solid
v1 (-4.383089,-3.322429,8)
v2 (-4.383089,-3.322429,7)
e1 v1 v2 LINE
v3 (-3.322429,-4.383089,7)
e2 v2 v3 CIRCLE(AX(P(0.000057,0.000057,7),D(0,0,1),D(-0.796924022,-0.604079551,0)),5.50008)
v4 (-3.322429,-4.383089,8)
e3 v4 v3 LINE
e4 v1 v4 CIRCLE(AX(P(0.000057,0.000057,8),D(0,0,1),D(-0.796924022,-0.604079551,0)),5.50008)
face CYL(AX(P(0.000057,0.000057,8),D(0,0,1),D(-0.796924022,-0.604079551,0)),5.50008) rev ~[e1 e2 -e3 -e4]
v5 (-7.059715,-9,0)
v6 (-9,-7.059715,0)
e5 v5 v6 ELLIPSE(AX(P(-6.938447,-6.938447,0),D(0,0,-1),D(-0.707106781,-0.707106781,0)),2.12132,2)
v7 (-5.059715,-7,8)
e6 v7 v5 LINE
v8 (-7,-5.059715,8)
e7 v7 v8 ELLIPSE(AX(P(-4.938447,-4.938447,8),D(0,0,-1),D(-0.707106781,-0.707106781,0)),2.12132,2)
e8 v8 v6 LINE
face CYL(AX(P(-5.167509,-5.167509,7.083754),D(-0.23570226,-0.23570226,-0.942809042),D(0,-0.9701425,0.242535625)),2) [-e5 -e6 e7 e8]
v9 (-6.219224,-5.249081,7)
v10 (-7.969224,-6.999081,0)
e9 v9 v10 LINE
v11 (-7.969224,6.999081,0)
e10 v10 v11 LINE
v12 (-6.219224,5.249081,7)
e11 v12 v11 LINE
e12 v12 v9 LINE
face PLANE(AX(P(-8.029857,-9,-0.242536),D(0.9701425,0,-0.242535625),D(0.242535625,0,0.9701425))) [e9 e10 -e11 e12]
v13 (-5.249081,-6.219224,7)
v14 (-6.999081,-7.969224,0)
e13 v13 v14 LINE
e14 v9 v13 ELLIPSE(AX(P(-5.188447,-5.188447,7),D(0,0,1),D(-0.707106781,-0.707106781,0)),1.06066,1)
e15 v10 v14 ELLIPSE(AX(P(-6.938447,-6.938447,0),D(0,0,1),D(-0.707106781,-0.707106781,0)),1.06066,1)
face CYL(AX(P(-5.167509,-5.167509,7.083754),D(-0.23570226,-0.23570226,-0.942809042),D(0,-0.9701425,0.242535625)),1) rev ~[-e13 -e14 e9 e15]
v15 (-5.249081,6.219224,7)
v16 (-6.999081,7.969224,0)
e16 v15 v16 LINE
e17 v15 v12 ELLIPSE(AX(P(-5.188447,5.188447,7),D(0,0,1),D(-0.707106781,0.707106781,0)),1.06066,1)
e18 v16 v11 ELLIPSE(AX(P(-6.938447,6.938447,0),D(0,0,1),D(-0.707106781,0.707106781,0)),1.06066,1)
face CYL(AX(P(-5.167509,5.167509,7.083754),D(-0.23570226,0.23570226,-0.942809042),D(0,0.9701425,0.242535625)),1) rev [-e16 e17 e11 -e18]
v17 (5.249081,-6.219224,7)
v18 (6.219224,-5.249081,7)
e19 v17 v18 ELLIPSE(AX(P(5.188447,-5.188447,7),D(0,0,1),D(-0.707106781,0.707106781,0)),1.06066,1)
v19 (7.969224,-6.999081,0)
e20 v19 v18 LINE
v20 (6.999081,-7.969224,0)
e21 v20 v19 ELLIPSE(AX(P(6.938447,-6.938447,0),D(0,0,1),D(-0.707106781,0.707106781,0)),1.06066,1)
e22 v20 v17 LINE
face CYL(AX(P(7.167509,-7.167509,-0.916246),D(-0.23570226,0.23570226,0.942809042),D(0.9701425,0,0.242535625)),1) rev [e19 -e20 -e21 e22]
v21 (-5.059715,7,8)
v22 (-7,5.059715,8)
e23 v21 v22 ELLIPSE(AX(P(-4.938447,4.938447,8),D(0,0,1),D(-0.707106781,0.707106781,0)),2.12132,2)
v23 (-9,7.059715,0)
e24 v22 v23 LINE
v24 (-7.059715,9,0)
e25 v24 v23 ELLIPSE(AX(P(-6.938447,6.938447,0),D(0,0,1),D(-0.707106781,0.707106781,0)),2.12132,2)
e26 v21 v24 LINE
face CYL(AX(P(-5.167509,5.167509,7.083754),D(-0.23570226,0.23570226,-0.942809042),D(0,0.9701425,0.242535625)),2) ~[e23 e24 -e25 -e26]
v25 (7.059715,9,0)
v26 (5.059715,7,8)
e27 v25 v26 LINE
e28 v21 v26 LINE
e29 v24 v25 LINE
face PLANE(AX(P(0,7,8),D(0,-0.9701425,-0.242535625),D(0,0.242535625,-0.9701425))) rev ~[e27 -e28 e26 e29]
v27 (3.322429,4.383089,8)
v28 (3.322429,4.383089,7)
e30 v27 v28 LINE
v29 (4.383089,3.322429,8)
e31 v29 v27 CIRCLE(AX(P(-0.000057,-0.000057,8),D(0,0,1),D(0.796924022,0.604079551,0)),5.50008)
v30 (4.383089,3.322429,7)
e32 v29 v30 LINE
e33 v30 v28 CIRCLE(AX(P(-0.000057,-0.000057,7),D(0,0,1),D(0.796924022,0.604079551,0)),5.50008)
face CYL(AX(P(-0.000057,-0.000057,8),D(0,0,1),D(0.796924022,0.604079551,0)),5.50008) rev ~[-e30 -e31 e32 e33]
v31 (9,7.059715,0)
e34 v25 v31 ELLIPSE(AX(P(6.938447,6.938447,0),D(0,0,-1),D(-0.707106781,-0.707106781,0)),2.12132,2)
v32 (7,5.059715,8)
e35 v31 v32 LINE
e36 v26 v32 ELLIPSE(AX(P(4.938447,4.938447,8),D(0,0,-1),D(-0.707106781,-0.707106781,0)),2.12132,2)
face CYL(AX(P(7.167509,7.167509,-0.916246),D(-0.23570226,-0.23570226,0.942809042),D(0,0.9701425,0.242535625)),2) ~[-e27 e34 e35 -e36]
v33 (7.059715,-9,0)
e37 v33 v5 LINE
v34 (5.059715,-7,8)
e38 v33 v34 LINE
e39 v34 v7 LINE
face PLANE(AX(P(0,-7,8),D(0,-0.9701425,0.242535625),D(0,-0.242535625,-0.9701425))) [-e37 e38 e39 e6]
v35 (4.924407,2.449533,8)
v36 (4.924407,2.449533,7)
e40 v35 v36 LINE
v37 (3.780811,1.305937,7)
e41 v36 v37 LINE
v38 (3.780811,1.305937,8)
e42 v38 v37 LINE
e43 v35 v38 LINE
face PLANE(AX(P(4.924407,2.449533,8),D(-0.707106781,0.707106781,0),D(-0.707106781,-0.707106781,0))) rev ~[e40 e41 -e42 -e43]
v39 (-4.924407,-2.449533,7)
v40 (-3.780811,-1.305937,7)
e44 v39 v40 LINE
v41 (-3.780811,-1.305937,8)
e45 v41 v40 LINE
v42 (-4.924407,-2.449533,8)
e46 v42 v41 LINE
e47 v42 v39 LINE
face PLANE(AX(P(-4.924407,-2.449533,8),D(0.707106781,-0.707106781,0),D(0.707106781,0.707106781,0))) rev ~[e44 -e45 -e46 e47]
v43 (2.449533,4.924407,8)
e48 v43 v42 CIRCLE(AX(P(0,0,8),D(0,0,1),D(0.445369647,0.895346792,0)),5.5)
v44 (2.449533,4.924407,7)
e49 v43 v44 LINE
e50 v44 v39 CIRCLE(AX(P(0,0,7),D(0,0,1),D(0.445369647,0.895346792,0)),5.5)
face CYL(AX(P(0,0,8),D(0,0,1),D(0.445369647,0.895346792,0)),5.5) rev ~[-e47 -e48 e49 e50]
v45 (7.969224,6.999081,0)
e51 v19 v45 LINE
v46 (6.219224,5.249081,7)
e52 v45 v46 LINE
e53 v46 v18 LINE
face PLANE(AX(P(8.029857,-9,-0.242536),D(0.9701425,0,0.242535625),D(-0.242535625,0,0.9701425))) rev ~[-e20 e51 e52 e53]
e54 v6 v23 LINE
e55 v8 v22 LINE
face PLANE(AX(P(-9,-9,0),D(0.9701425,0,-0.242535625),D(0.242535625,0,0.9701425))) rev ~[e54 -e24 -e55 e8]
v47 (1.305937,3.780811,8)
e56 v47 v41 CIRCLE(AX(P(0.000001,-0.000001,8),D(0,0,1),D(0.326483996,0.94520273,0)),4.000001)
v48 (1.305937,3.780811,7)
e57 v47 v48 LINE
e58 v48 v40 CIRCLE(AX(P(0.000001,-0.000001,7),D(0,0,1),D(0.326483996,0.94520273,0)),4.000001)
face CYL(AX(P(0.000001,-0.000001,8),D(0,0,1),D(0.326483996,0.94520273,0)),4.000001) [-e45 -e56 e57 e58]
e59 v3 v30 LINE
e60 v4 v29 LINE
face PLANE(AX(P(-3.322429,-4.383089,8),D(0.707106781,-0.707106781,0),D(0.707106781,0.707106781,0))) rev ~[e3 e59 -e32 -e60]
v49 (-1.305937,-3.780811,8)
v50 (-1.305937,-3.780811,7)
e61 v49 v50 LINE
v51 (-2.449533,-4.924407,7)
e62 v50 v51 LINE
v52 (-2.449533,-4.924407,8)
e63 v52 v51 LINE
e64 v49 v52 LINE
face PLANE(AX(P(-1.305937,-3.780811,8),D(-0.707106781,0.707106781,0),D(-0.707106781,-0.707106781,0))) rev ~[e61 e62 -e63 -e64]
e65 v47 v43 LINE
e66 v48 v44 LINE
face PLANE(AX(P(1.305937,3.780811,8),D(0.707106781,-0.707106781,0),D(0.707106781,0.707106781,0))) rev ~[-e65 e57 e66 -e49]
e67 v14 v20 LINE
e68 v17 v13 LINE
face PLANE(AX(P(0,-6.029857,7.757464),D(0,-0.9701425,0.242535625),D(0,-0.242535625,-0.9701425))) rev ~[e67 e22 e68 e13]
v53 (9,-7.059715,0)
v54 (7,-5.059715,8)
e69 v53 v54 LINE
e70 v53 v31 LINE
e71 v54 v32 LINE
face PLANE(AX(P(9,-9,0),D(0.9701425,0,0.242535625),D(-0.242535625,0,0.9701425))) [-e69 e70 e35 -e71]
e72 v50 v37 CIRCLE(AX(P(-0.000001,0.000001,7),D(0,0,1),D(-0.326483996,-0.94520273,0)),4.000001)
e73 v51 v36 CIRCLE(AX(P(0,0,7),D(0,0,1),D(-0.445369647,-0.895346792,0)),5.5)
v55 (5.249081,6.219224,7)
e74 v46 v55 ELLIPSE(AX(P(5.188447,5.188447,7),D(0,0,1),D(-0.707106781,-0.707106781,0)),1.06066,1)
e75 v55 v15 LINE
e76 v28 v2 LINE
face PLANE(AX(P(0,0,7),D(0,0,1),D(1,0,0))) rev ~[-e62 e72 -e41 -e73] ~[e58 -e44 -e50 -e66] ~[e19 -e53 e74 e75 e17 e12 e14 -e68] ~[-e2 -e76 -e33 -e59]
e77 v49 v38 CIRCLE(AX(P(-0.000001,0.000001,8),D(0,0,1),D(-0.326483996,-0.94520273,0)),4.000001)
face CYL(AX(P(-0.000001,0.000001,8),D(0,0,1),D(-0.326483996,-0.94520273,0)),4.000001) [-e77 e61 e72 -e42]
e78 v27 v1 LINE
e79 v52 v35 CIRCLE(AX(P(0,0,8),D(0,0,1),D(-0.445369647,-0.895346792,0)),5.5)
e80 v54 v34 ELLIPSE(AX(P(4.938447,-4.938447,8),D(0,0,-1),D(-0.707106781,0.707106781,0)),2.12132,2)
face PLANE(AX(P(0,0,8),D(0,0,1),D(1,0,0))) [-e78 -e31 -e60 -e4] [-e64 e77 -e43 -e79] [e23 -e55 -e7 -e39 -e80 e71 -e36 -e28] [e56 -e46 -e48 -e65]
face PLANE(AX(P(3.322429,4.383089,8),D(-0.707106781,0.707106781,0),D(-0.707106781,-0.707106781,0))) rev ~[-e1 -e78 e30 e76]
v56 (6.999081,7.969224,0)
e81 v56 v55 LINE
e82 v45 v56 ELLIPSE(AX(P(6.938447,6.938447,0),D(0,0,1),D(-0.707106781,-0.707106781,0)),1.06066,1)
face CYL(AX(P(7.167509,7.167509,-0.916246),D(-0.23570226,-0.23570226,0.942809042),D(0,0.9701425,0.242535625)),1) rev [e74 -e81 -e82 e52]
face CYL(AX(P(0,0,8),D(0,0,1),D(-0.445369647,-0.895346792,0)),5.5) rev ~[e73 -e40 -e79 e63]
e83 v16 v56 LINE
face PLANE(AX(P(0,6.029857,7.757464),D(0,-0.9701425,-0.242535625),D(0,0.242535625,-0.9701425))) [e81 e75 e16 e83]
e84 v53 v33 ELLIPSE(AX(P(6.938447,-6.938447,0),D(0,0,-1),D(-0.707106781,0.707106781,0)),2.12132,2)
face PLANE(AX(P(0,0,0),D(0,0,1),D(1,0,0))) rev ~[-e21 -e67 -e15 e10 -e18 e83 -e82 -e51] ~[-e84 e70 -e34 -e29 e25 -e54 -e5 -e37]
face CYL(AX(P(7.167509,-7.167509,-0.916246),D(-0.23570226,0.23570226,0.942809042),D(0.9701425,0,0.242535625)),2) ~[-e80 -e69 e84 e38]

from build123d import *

# Parameters (mm, degrees)
SKETCH_W             = 18
SKETCH_H             = 18
PAD_DEPTH            = 8
POCKET_DEPTH         = 18.001
POCKET001_DEPTH      = 9.001
POCKET001_DEPTH_BACK = 9.001
FILLET_R             = 2
THICKNESS_T          = -1
POCKET002_DEPTH      = 1


with BuildPart() as part:
    # Sketch → Pad (new body)
    with BuildSketch(Plane.XY):
        Rectangle(SKETCH_W, SKETCH_H)
    extrude(amount=PAD_DEPTH)

    # Sketch001 (on Face1 of Pad) → Pocket (cut, through all)
    with BuildSketch(Plane.XZ.offset(9)):
        Polygon((-9, 8), (-9, 0), (-7, 8), align=None)
        Polygon((9, 8), (9, 0), (7, 8), align=None)
    extrude(amount=-POCKET_DEPTH, mode=Mode.SUBTRACT)

    # Sketch002 → Pocket001 (cut, two sides)
    with BuildSketch(Plane.YZ) as pocket001_sk:
        Polygon((-9, 8), (-7, 8), (-9, 0), align=None)
        Polygon((9, 8), (7, 8), (9, 0), align=None)
    extrude(amount=-POCKET001_DEPTH, mode=Mode.SUBTRACT)
    extrude(pocket001_sk.sketch, amount=POCKET001_DEPTH_BACK, mode=Mode.SUBTRACT)

    # Fillet
    fillet_edges = [part.edges().sort_by_distance(p)[0] for p in [
        (-8, 8, 4),
        (-8, -8, 4),
        (8, -8, 4),
        (8, 8, 4),
    ]]
    fillet(fillet_edges, radius=FILLET_R)

    # Thickness
    thickness_openings = [part.faces().sort_by_distance(p)[0] for p in [
        (0, 0, 0),
    ]]
    offset(amount=THICKNESS_T, openings=thickness_openings, kind=Kind.INTERSECTION)

    # Sketch003 (on Face9 of Thickness) → Pocket002 (cut)
    with BuildSketch(Plane.XY.offset(8)):
        with BuildLine():
            ThreePointArc((-4.383089, -3.322429), (-3.889087, -3.889087), (-3.322429, -4.383089))
            Line((-3.322429, -4.383089), (4.383089, 3.322429))
            ThreePointArc((4.383089, 3.322429), (3.889087, 3.889087), (3.322429, 4.383089))
            Line((3.322429, 4.383089), (-4.383089, -3.322429))
        make_face()
        with BuildLine():
            ThreePointArc((-1.305937, -3.780811), (2.828427, -2.828427), (3.780811, 1.305937))
            Line((4.924407, 2.449533), (3.780811, 1.305937))
            ThreePointArc((-2.449533, -4.924407), (3.889087, -3.889087), (4.924407, 2.449533))
            Line((-1.305937, -3.780811), (-2.449533, -4.924407))
        make_face()
        with BuildLine():
            Line((-4.924407, -2.449533), (-3.780811, -1.305937))
            ThreePointArc((1.305937, 3.780811), (-2.828427, 2.828427), (-3.780811, -1.305937))
            Line((1.305937, 3.780811), (2.449533, 4.924407))
            ThreePointArc((2.449533, 4.924407), (-3.889087, 3.889087), (-4.924407, -2.449533))
        make_face()
    extrude(amount=-POCKET002_DEPTH, mode=Mode.SUBTRACT)


solid = part.part
